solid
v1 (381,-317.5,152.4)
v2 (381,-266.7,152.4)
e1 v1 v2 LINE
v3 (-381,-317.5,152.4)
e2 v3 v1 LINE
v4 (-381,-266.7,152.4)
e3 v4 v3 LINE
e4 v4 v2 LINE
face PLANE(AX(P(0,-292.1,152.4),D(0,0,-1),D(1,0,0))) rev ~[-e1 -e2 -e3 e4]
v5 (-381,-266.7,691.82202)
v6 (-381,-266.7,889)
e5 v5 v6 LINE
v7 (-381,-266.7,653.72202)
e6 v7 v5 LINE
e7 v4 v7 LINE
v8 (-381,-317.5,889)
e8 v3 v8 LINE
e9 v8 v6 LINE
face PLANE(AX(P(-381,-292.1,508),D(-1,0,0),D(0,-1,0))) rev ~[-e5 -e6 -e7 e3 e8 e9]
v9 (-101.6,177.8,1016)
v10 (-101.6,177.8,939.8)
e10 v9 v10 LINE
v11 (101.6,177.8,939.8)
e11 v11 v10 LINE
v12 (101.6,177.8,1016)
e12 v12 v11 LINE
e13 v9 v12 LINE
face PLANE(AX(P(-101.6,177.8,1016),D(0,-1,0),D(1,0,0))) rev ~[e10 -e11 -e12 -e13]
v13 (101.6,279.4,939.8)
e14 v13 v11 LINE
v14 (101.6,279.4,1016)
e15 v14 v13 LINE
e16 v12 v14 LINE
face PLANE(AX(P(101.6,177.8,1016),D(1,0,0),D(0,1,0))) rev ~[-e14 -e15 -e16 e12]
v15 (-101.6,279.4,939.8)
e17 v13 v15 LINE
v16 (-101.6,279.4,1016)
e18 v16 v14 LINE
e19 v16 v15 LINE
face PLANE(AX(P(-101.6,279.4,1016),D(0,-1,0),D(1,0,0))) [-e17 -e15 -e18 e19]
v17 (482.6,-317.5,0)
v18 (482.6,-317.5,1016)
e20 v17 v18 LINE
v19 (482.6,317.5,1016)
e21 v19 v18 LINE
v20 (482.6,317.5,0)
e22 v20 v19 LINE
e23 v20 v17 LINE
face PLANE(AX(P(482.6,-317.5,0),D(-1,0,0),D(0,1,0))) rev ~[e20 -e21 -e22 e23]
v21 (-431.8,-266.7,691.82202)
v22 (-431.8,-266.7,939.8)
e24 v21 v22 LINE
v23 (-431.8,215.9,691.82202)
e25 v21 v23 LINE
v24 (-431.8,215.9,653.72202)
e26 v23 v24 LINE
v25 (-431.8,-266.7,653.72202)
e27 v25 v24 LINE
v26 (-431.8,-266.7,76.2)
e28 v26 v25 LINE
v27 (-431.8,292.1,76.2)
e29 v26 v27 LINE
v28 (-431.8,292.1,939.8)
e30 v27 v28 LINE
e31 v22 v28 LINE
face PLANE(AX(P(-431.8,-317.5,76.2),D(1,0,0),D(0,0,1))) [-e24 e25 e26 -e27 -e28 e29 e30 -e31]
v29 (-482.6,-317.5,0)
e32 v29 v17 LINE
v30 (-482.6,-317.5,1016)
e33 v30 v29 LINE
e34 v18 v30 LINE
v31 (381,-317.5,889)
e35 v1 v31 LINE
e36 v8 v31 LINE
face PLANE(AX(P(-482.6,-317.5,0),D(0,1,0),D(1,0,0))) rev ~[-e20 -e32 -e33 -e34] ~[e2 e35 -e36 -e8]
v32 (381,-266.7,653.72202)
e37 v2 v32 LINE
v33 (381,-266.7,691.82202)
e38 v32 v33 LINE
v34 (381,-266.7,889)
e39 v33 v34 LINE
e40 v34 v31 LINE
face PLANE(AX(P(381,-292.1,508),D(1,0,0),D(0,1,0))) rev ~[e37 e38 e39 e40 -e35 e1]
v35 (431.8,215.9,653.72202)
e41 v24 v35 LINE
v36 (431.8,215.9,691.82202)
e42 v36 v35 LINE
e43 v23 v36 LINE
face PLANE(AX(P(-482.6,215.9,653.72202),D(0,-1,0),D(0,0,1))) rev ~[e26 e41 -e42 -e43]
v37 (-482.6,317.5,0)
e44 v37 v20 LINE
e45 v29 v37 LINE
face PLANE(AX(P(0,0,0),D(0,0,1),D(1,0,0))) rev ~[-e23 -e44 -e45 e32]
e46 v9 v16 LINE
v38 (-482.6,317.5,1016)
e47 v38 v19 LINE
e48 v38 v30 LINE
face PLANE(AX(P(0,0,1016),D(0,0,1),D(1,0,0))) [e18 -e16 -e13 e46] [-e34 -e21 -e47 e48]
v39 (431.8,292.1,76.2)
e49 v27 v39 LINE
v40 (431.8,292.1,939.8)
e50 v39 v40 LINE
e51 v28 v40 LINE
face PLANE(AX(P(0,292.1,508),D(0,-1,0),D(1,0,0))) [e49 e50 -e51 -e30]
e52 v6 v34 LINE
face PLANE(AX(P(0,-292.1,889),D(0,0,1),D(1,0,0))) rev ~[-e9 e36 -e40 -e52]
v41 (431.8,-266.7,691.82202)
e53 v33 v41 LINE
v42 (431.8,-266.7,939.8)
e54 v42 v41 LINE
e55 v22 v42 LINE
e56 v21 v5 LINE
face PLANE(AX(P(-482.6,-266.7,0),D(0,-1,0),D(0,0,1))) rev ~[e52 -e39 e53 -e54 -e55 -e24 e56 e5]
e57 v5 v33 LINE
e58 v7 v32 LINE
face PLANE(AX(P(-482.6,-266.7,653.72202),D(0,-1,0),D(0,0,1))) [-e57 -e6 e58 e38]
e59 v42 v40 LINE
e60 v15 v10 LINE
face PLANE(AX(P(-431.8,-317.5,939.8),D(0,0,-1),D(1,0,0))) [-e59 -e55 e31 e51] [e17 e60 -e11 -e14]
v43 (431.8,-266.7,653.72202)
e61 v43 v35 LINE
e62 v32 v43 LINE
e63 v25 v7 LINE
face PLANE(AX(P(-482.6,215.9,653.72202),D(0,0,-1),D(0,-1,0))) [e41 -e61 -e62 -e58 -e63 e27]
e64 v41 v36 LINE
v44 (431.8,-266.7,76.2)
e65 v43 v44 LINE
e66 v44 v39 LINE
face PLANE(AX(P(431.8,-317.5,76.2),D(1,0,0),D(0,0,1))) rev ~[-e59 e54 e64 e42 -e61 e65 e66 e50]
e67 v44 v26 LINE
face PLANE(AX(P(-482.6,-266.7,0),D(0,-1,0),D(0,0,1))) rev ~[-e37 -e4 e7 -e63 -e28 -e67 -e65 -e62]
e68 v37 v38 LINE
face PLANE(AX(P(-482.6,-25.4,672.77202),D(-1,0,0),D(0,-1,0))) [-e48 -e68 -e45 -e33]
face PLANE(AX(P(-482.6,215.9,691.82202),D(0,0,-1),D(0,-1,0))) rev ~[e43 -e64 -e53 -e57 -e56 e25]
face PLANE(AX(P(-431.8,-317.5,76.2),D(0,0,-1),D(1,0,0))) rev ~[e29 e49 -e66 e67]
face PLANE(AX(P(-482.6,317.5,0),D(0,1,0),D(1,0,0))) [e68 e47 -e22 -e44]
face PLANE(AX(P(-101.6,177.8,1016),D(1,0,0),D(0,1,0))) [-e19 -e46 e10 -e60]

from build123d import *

# Parameters (mm, degrees)
F0_W      = 965.2
F0_H      = 635
F1_DEPTH  = 1016
F2_W      = 863.6
F2_H      = 863.6
F3_DEPTH  = 609.6
F4_W      = 203.2
F4_H      = 101.6
F5_DEPTH  = 762
F6_W      = 50.8
F6_H      = 1016
F7_DEPTH  = 101.6
F8_W      = 50.8
F8_H      = 1016
F9_DEPTH  = 101.6
F10_W     = 965.2
F10_H     = 50.8
F11_DEPTH = 152.4
F12_W     = 965.2
F12_H     = 50.8
F13_DEPTH = 127
F14_W     = 482.6
F14_H     = 38.1
F15_DEPTH = 965.2


with BuildPart() as f1:
    # F0 (on Top) → F1 (new body)
    with BuildSketch(Plane.XY):
        Rectangle(F0_W, F0_H)
    extrude(amount=F1_DEPTH)

    # F2 (on face) → F3 (cut)
    with BuildSketch(Plane.XZ.offset(317.5)):
        with Locations((0, 508)):
            Rectangle(F2_W, F2_H)
    extrude(amount=-F3_DEPTH, mode=Mode.SUBTRACT)

    # F4 (on face) → F5 (cut)
    with BuildSketch(Plane.XY.offset(1016)):
        with Locations((0, 228.6)):
            Rectangle(F4_W, F4_H)
    extrude(amount=-F5_DEPTH, mode=Mode.SUBTRACT)

    # F6 (on face) → F7 (join)
    with BuildSketch(Plane(origin=(-482.6, 0, 0), x_dir=(0, -1, 0), z_dir=(-1, 0, 0))):
        with Locations((292.1, 508)):
            Rectangle(F6_W, F6_H)
    extrude(amount=-F7_DEPTH)

    # F8 (on face) → F9 (join)
    with BuildSketch(Plane.YZ.offset(482.6)):
        with Locations((-292.1, 508)):
            Rectangle(F8_W, F8_H)
    extrude(amount=-F9_DEPTH)

    # F10 (on face) → F11 (join)
    with BuildSketch(Plane(origin=(0, 0, 0), x_dir=(1, 0, 0), z_dir=(0, 0, -1))):
        with Locations((0, 292.1)):
            Rectangle(F10_W, F10_H)
    extrude(amount=-F11_DEPTH)

    # F12 (on face) → F13 (join)
    with BuildSketch(Plane.XY.offset(1016)):
        with Locations((0, -292.1)):
            Rectangle(F12_W, F12_H)
    extrude(amount=-F13_DEPTH)

    # F14 (on face) → F15 (join)
    with BuildSketch(Plane(origin=(-482.6, 0, 0), x_dir=(0, -1, 0), z_dir=(-1, 0, 0))):
        with Locations((25.4, 672.77202)):
            Rectangle(F14_W, F14_H)
    extrude(amount=-F15_DEPTH)


solid = f1.part
